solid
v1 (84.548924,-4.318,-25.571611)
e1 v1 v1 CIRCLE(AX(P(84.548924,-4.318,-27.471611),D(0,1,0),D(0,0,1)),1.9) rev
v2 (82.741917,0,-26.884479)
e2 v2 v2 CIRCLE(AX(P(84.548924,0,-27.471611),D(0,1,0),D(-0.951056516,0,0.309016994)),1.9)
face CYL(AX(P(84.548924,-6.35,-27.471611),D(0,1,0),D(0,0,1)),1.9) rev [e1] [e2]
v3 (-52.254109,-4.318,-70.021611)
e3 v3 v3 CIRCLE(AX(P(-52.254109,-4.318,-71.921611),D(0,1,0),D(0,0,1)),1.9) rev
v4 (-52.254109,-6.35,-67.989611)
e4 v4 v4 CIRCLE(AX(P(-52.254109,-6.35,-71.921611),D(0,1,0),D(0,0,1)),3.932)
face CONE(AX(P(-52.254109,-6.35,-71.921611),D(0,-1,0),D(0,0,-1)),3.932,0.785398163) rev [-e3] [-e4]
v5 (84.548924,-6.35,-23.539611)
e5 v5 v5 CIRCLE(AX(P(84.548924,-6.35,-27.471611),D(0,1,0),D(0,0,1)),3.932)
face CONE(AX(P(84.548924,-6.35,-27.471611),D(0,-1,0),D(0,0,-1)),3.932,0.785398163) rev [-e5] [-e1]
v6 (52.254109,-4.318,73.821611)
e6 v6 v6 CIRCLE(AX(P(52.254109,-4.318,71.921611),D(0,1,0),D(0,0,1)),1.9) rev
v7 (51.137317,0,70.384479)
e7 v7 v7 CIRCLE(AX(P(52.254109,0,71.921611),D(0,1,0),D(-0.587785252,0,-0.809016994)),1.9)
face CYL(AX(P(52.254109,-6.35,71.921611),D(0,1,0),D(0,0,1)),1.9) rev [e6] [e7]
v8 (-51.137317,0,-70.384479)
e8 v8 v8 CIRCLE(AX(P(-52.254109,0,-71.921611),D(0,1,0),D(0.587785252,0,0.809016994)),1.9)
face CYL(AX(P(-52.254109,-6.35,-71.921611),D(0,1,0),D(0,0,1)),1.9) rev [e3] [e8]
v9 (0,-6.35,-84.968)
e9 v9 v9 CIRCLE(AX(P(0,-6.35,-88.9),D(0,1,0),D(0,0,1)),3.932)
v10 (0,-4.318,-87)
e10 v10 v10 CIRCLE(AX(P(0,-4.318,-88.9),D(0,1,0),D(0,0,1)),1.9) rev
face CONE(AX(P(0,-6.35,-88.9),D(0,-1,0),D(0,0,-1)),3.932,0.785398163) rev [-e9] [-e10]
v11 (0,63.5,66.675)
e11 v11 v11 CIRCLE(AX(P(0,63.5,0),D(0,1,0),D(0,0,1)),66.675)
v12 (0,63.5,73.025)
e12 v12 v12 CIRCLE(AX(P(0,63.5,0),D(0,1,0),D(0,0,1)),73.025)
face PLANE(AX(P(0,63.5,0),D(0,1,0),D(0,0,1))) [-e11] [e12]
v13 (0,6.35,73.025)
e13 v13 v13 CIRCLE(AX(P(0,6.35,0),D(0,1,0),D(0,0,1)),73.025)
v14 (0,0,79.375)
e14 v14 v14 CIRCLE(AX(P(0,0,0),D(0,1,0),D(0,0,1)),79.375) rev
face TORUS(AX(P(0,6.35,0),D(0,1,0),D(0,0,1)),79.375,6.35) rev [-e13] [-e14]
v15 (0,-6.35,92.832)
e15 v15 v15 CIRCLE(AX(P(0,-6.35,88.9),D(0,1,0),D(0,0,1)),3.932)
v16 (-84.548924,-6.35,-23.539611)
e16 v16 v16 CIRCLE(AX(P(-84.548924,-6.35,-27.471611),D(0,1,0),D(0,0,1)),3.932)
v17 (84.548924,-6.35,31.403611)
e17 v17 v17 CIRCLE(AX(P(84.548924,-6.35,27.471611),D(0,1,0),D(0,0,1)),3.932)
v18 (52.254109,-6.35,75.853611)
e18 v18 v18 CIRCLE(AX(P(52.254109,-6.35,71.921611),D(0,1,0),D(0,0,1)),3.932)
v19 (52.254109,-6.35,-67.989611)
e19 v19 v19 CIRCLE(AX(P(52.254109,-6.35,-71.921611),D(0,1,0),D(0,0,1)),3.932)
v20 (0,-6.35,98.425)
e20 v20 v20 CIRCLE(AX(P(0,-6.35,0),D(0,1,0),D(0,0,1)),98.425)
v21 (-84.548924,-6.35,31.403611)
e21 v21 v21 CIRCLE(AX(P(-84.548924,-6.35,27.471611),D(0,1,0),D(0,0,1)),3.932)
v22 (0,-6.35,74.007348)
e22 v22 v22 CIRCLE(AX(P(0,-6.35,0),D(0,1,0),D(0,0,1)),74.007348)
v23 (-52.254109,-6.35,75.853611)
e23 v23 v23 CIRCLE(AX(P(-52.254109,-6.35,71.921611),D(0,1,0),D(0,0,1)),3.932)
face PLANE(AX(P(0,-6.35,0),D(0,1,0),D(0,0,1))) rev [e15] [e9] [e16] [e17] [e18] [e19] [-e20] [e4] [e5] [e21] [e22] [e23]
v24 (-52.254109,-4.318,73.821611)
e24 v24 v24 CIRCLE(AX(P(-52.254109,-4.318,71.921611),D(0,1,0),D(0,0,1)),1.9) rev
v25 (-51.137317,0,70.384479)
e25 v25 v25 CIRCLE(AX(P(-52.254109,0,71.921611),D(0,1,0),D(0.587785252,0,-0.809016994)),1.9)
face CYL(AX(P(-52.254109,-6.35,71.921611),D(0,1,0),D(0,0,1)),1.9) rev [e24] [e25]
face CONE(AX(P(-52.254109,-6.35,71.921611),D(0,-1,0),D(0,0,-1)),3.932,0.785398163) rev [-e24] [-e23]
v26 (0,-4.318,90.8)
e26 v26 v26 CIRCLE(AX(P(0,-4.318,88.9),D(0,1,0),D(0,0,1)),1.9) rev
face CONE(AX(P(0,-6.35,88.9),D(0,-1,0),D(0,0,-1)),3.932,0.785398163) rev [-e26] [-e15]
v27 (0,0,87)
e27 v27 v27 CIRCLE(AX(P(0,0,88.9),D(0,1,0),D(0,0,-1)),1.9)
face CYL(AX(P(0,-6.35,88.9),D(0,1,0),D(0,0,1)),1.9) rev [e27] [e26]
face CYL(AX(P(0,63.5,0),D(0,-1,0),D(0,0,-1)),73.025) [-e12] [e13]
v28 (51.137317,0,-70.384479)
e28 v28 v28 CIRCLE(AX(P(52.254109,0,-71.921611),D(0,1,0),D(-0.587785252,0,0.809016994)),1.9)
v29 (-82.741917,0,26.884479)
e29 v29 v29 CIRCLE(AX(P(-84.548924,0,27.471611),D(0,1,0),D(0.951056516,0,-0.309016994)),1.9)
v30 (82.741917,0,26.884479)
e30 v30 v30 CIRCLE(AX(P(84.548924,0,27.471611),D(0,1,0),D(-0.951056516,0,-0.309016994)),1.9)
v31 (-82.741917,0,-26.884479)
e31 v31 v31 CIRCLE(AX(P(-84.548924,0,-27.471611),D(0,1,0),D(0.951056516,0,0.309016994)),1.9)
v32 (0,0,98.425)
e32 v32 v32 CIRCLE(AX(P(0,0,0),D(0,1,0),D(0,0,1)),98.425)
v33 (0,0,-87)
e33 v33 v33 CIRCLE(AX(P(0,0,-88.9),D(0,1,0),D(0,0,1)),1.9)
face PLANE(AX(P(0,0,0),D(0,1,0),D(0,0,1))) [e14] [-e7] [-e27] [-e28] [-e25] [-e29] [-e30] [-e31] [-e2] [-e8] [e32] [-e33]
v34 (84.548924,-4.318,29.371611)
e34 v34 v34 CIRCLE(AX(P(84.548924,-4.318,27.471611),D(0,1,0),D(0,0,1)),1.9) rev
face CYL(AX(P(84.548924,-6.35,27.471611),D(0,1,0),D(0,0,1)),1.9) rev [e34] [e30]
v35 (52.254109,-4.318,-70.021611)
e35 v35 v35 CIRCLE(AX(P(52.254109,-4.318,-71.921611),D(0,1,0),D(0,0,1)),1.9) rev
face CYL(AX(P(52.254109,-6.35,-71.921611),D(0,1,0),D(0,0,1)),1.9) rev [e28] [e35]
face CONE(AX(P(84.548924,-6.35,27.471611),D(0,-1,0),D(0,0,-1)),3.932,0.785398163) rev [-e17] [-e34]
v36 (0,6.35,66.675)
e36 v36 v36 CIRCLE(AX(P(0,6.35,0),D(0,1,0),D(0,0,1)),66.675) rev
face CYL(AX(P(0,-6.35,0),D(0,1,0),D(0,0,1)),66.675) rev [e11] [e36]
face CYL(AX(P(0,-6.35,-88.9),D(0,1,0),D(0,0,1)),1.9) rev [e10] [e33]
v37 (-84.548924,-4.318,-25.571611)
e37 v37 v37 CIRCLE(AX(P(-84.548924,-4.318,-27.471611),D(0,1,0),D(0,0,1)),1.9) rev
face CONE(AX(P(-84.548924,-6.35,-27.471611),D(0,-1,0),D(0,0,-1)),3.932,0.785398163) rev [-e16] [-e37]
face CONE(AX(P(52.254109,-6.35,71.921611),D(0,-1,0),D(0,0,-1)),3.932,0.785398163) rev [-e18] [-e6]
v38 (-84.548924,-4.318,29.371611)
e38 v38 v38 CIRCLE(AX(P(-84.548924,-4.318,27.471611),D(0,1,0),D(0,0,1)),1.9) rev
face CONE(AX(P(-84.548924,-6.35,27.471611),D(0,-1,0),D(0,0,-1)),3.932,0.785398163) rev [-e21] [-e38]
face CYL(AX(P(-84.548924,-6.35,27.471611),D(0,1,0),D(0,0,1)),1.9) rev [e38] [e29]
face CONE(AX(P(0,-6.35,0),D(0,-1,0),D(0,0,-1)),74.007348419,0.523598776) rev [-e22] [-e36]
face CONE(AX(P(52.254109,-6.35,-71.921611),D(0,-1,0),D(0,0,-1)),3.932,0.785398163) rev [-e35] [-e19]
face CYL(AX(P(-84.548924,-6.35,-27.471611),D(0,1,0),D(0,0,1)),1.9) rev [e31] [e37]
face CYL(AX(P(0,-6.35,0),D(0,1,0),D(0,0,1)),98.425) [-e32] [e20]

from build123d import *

# Parameters (mm, degrees)
SKETCH2_R                    = 98.425
SKETCH2_R_2                  = 66.675
BOSS_EXTRUDE1_DEPTH          = 6.35
BOSS_EXTRUDE2_START          = 63.5
SKETCH2_3_R                  = 73.025
SKETCH2_3_R_2                = 66.675
BOSS_EXTRUDE2_DEPTH          = 63.5
FILLET1_R                    = 6.35
SKETCH2_5_R                  = 1.9
CUT_EXTRUDE2_DEPTH           = 153.9941543
CHAMFER2_SIZE                = 2.032
CIRPATTERN1_COUNT            = 10
CHAMFER2_OF_CIRPATTERN1_SIZE = 2.032
CHAMFER3_SIZE                = 12.7
CHAMFER3_SIZE2               = 7.332348419


with BuildPart() as part:
    # Sketch2 → Boss-Extrude1 (new body)
    with BuildSketch(Plane(origin=(0, 0, 0), x_dir=(1, 0, 0), z_dir=(0, 1, 0))):
        Circle(SKETCH2_R)
        Circle(SKETCH2_R_2, mode=Mode.SUBTRACT)
    extrude(amount=-BOSS_EXTRUDE1_DEPTH)

    # Sketch2<3> → Boss-Extrude2 (add)
    with BuildSketch(Plane(origin=(0, 0, 0), x_dir=(1, 0, 0), z_dir=(0, 1, 0)).offset(BOSS_EXTRUDE2_START)):
        Circle(SKETCH2_3_R)
        Circle(SKETCH2_3_R_2, mode=Mode.SUBTRACT)
    extrude(amount=-BOSS_EXTRUDE2_DEPTH)

    # Fillet1
    fillet1_edges = [part.edges().sort_by_distance(p)[0] for p in [
        (-73.025, 0, 0),
    ]]
    fillet(fillet1_edges, radius=FILLET1_R)

    # Sketch2<5> → Cut-Extrude2 (cut, through all)
    with BuildSketch(Plane(origin=(0, 0, 0), x_dir=(1, 0, 0), z_dir=(0, 1, 0))):
        with Locations((0, 88.9)):
            Circle(SKETCH2_5_R)
    cut_extrude2 = extrude(amount=-CUT_EXTRUDE2_DEPTH, mode=Mode.SUBTRACT)

    # Chamfer2
    chamfer2_edges = [part.edges().sort_by_distance(p)[0] for p in [
        (-1.9, -6.35, -88.9),
    ]]
    chamfer(chamfer2_edges, length=CHAMFER2_SIZE)

    # CirPattern1: Cut-Extrude2 ×10 about axis
    cirpattern1_axis = Axis((0, 0, 0), (0, 1, 0))
    for i in range(1, CIRPATTERN1_COUNT):
        add(cut_extrude2.rotate(cirpattern1_axis, i * 360 / CIRPATTERN1_COUNT), mode=Mode.SUBTRACT)

    # Chamfer2 of CirPattern1
    chamfer2_of_cirpattern1_edges = [part.edges().sort_by_distance(p)[0] for p in [
        (-53.791241218, -6.35, -70.804818821),
        (-85.136056588, -6.35, -25.664603419),
        (-83.961792009, -6.35, 29.278618181),
        (-50.716976639, -6.35, 73.038402779),
        (1.9, -6.35, 88.9),
        (53.791241218, -6.35, 70.804818821),
        (85.136056588, -6.35, 25.664603419),
        (83.961792009, -6.35, -29.278618181),
        (50.716976639, -6.35, -73.038402779),
    ]]
    chamfer(chamfer2_of_cirpattern1_edges, length=CHAMFER2_OF_CIRPATTERN1_SIZE)

    # Chamfer3
    chamfer3_edges = [part.edges().sort_by_distance(p)[0] for p in [
        (-66.675, -6.35, 0),
    ]]
    chamfer3_side = [part.faces().sort_by_distance(p)[0] for p in [
        (-66.675, 28.575, 0),
    ]]
    chamfer(chamfer3_edges, length=CHAMFER3_SIZE, length2=CHAMFER3_SIZE2, reference=chamfer3_side[0])


solid = part.part
